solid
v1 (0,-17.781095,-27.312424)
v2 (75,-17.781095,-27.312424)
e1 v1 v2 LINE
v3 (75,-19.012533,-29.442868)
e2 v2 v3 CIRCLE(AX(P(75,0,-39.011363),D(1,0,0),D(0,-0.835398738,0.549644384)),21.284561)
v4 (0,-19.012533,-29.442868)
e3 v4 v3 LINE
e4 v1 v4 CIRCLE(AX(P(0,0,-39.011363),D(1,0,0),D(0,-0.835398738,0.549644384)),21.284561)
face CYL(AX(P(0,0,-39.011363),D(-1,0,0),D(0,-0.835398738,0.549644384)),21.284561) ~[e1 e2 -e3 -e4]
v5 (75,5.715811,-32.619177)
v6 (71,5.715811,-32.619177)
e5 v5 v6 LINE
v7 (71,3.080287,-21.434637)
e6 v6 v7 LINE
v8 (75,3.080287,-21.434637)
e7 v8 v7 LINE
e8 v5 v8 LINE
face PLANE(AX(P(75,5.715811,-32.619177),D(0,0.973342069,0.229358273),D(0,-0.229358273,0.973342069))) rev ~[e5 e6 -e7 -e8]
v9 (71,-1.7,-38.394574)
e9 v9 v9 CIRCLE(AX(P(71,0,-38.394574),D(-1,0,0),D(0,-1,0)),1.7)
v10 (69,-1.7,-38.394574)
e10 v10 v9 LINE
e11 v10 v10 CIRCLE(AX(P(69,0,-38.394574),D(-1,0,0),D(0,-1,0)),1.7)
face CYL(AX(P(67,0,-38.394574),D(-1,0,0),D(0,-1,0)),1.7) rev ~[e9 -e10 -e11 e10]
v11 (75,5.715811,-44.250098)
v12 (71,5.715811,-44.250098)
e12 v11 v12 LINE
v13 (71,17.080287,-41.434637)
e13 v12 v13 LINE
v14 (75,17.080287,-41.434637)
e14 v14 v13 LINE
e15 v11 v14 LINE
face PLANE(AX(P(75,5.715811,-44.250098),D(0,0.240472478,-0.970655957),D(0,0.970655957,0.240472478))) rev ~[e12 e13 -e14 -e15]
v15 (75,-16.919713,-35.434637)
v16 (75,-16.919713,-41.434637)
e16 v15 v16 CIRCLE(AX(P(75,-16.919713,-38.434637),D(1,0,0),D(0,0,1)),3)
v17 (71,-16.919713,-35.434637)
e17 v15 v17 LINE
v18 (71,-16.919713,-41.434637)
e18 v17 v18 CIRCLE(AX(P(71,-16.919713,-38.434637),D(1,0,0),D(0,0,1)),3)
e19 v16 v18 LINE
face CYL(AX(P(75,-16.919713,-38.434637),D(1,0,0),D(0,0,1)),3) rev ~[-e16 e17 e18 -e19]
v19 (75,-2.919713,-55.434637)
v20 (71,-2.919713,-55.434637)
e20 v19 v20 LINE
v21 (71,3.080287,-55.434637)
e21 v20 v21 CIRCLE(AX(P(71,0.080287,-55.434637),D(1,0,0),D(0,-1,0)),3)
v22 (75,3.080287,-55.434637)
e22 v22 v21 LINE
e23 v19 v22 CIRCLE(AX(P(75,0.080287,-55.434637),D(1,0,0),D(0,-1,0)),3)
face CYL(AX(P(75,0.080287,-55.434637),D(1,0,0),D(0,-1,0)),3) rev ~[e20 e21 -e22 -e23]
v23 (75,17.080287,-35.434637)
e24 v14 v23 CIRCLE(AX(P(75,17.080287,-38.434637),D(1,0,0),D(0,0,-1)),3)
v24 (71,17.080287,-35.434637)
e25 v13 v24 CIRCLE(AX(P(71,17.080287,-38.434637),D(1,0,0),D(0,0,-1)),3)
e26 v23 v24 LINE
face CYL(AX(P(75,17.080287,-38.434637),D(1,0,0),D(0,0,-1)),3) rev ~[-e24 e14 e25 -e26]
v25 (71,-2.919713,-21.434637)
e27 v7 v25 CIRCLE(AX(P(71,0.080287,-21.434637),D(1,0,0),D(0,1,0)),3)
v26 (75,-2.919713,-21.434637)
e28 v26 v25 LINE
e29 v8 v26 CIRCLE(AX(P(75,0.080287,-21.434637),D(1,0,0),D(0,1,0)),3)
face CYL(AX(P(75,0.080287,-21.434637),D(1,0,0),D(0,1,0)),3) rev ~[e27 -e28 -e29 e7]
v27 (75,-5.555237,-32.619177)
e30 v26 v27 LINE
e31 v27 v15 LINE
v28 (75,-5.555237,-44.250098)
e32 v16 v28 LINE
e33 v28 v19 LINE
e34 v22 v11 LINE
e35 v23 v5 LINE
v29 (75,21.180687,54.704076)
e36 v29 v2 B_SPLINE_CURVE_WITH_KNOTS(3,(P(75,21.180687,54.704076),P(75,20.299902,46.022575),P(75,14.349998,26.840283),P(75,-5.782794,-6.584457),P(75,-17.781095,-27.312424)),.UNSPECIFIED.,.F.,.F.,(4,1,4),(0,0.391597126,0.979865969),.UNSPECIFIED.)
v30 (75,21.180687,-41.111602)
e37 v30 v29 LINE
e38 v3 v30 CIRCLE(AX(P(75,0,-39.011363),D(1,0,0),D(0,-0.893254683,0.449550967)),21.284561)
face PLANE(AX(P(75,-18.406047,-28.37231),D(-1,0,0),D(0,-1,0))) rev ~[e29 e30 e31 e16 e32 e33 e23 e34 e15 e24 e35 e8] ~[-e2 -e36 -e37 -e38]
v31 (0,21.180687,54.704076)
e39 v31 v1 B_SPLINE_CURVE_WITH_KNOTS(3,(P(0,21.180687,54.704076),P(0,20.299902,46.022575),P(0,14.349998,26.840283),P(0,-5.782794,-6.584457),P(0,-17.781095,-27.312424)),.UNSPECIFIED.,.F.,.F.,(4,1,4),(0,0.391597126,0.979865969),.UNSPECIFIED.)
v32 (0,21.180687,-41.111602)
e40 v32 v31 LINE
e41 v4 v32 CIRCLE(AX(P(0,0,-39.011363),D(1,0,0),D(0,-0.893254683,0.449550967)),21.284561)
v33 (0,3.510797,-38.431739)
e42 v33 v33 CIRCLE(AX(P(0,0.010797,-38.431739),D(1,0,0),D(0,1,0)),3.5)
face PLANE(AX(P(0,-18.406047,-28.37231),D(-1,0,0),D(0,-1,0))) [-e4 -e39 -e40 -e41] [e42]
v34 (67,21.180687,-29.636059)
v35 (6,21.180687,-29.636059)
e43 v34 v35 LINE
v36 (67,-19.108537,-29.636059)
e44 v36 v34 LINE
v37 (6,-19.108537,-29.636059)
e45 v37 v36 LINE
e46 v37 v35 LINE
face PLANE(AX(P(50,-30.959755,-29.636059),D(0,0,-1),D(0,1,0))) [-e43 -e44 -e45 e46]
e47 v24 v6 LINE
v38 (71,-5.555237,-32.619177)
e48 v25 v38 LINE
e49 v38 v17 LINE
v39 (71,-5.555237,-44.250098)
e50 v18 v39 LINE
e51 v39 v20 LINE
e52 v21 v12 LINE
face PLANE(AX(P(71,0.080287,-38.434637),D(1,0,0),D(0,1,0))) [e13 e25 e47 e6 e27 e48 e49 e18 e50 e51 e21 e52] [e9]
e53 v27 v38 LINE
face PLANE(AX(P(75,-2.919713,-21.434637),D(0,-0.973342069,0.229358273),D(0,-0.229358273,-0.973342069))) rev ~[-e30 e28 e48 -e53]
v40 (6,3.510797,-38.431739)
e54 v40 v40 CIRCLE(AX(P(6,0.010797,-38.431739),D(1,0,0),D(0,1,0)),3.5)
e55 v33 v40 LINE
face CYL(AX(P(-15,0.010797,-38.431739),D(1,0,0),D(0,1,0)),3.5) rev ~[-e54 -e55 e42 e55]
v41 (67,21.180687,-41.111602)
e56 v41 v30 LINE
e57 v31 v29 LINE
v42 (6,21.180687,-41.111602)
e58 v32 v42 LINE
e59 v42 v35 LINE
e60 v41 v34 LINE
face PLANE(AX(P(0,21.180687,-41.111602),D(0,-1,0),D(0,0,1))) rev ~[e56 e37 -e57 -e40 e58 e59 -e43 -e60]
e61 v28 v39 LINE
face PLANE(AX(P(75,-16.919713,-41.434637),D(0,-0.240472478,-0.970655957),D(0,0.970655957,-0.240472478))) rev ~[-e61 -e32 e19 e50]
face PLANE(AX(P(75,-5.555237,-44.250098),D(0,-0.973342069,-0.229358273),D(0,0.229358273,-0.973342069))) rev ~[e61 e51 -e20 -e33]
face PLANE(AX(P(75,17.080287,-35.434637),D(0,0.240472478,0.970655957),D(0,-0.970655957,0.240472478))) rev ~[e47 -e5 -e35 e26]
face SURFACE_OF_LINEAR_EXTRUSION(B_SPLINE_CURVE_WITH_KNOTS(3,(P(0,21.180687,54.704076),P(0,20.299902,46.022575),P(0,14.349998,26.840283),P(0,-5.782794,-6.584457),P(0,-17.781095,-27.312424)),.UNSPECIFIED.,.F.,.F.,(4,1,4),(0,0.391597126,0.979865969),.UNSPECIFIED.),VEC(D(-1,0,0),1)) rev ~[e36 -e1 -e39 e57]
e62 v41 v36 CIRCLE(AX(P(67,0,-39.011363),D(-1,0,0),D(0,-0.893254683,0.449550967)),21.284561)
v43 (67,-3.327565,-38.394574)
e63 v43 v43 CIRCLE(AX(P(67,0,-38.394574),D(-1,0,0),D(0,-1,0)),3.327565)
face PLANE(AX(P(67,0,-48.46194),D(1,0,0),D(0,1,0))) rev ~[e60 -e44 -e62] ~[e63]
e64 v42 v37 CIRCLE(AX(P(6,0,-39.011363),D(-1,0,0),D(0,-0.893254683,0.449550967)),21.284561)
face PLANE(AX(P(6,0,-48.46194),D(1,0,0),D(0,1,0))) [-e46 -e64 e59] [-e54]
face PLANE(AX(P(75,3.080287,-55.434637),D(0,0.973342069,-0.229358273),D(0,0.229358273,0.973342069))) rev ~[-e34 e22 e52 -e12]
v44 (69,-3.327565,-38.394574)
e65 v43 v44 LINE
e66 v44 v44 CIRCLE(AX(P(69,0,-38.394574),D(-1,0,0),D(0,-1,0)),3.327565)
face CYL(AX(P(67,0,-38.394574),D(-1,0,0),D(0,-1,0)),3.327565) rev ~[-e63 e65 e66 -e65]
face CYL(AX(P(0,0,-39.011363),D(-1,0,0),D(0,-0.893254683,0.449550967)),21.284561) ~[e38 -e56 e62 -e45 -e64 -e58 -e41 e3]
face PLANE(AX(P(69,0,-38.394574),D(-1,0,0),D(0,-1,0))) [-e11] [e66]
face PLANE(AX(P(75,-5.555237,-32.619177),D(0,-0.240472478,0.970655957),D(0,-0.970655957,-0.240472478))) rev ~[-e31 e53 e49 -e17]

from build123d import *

# Parameters (mm, degrees)
F1_DEPTH  = 75
F3_DEPTH  = 4
F5_W      = 61.9195103645
F5_H      = 37.6517623663
F6_DEPTH  = 17
F7_DEPTH  = 44
F9_D      = 7
F9_DEPTH  = 15
F9_TIP    = 2.1030121666
F10_R     = 3.3275648112
F10_R_2   = 1.7
F11_DEPTH = 2
F12_DEPTH = 25.4


with BuildPart() as f1:
    # F0 (on Right) → F1 (new body)
    with BuildSketch(Plane.YZ):
        with BuildLine():
            add(Edge.make_bspline(
                [(-17.7810950981, -27.3124240728), (-18.19174778, -28.0218574236), (-18.6022967338, -28.732065323), (-19.0125334596, -29.4428684699)],
                knots=[0.9798659686, 0.9798659686, 0.9798659686, 0.9798659686, 1, 1, 1, 1], degree=3))
            ThreePointArc((-17.7810950981, -27.3124240728), (-18.4276280065, -28.3598353366), (-19.0125334596, -29.4428684699))
        make_face()
        with BuildLine():
            add(Edge.make_bspline(
                [(21.1806873749, 54.7040760765), (20.2999017837, 46.0225748891), (14.3499977593, 26.8402827287), (-5.7827936538, -6.5844571681), (-17.7810950981, -27.3124240728)],
                knots=[0, 0, 0, 0, 0.3915971259, 0.9798659686, 0.9798659686, 0.9798659686, 0.9798659686], degree=3))
            add(Edge.make_bspline(
                [(-17.7810950981, -27.3124240728), (-18.19174778, -28.0218574236), (-18.6022967338, -28.732065323), (-19.0125334596, -29.4428684699)],
                knots=[0.9798659686, 0.9798659686, 0.9798659686, 0.9798659686, 1, 1, 1, 1], degree=3))
            ThreePointArc((-19.0125334596, -29.4428684699), (-5.934227846, -59.4519469715), (21.1806873749, -41.1116022965))
            Line((21.1806873749, -41.1116022965), (21.1806873749, 54.7040760765))
        make_face()
    extrude(amount=F1_DEPTH)

    # F2 (on face) → F3 (cut)
    with BuildSketch(Plane.YZ.offset(75)):
        with BuildLine():
            Line((5.715811355, -44.2500978365), (17.0802870953, -41.4346371949))
            ThreePointArc((17.0802870953, -41.4346371949), (20.0802870953, -38.4346371949), (17.0802870953, -35.4346371949))
            Line((17.0802870953, -35.4346371949), (5.715811355, -32.6191765533))
            Line((5.715811355, -32.6191765533), (3.0802870953, -21.4346371949))
            ThreePointArc((3.0802870953, -21.4346371949), (0.0802870953, -18.4346371949), (-2.9197129047, -21.4346371949))
            Line((-2.9197129047, -21.4346371949), (-5.5552371643, -32.6191765533))
            Line((-5.5552371643, -32.6191765533), (-16.9197129047, -35.4346371949))
            ThreePointArc((-16.9197129047, -35.4346371949), (-19.9197129047, -38.4346371949), (-16.9197129047, -41.4346371949))
            Line((-16.9197129047, -41.4346371949), (-5.5552371643, -44.2500978365))
            Line((-5.5552371643, -44.2500978365), (-2.9197129047, -55.4346371949))
            ThreePointArc((-2.9197129047, -55.4346371949), (0.0802870953, -58.4346371949), (3.0802870953, -55.4346371949))
            Line((3.0802870953, -55.4346371949), (5.715811355, -44.2500978365))
        make_face()
    extrude(amount=-F3_DEPTH, mode=Mode.SUBTRACT)

    # F5 (on offset) → F6 (cut)
    with BuildSketch(Plane.YZ.offset(50)):
        with Locations((0, -48.4619401395)):
            Rectangle(F5_W, F5_H)
    extrude(amount=F6_DEPTH, mode=Mode.SUBTRACT)

    # F5 (on offset) → F7 (cut)
    with BuildSketch(Plane.YZ.offset(50)):
        with Locations((0, -48.4619401395)):
            Rectangle(F5_W, F5_H)
    extrude(amount=-F7_DEPTH, mode=Mode.SUBTRACT)

    # F9
    with Locations(Plane(origin=(0, 0, 0), x_dir=(0, -1, 0), z_dir=(-1, 0, 0))):
        with Locations((-0.0107965604, -38.4317387827)):
            Hole(F9_D / 2, depth=F9_DEPTH)
            with Locations((0, 0, -(F9_DEPTH + F9_TIP / 2))):  # 118° drill point
                Cone(0, F9_D / 2, F9_TIP, mode=Mode.SUBTRACT)

    # F10 (on face) → F11 (cut)
    with BuildSketch(Plane(origin=(67, 0, 0), x_dir=(0, -1, 0), z_dir=(-1, 0, 0))):
        with Locations((0, -38.3945740759)):
            Circle(F10_R)
        with Locations((0, -38.3945740759)):
            Circle(F10_R_2, mode=Mode.SUBTRACT)
    extrude(amount=-F11_DEPTH, mode=Mode.SUBTRACT)

    # F10 (on face) → F12 (cut)
    with BuildSketch(Plane(origin=(67, 0, 0), x_dir=(0, -1, 0), z_dir=(-1, 0, 0))):
        with Locations((0, -38.3945740759)):
            Circle(F10_R_2)
    extrude(amount=-F12_DEPTH, mode=Mode.SUBTRACT)


solid = f1.part
